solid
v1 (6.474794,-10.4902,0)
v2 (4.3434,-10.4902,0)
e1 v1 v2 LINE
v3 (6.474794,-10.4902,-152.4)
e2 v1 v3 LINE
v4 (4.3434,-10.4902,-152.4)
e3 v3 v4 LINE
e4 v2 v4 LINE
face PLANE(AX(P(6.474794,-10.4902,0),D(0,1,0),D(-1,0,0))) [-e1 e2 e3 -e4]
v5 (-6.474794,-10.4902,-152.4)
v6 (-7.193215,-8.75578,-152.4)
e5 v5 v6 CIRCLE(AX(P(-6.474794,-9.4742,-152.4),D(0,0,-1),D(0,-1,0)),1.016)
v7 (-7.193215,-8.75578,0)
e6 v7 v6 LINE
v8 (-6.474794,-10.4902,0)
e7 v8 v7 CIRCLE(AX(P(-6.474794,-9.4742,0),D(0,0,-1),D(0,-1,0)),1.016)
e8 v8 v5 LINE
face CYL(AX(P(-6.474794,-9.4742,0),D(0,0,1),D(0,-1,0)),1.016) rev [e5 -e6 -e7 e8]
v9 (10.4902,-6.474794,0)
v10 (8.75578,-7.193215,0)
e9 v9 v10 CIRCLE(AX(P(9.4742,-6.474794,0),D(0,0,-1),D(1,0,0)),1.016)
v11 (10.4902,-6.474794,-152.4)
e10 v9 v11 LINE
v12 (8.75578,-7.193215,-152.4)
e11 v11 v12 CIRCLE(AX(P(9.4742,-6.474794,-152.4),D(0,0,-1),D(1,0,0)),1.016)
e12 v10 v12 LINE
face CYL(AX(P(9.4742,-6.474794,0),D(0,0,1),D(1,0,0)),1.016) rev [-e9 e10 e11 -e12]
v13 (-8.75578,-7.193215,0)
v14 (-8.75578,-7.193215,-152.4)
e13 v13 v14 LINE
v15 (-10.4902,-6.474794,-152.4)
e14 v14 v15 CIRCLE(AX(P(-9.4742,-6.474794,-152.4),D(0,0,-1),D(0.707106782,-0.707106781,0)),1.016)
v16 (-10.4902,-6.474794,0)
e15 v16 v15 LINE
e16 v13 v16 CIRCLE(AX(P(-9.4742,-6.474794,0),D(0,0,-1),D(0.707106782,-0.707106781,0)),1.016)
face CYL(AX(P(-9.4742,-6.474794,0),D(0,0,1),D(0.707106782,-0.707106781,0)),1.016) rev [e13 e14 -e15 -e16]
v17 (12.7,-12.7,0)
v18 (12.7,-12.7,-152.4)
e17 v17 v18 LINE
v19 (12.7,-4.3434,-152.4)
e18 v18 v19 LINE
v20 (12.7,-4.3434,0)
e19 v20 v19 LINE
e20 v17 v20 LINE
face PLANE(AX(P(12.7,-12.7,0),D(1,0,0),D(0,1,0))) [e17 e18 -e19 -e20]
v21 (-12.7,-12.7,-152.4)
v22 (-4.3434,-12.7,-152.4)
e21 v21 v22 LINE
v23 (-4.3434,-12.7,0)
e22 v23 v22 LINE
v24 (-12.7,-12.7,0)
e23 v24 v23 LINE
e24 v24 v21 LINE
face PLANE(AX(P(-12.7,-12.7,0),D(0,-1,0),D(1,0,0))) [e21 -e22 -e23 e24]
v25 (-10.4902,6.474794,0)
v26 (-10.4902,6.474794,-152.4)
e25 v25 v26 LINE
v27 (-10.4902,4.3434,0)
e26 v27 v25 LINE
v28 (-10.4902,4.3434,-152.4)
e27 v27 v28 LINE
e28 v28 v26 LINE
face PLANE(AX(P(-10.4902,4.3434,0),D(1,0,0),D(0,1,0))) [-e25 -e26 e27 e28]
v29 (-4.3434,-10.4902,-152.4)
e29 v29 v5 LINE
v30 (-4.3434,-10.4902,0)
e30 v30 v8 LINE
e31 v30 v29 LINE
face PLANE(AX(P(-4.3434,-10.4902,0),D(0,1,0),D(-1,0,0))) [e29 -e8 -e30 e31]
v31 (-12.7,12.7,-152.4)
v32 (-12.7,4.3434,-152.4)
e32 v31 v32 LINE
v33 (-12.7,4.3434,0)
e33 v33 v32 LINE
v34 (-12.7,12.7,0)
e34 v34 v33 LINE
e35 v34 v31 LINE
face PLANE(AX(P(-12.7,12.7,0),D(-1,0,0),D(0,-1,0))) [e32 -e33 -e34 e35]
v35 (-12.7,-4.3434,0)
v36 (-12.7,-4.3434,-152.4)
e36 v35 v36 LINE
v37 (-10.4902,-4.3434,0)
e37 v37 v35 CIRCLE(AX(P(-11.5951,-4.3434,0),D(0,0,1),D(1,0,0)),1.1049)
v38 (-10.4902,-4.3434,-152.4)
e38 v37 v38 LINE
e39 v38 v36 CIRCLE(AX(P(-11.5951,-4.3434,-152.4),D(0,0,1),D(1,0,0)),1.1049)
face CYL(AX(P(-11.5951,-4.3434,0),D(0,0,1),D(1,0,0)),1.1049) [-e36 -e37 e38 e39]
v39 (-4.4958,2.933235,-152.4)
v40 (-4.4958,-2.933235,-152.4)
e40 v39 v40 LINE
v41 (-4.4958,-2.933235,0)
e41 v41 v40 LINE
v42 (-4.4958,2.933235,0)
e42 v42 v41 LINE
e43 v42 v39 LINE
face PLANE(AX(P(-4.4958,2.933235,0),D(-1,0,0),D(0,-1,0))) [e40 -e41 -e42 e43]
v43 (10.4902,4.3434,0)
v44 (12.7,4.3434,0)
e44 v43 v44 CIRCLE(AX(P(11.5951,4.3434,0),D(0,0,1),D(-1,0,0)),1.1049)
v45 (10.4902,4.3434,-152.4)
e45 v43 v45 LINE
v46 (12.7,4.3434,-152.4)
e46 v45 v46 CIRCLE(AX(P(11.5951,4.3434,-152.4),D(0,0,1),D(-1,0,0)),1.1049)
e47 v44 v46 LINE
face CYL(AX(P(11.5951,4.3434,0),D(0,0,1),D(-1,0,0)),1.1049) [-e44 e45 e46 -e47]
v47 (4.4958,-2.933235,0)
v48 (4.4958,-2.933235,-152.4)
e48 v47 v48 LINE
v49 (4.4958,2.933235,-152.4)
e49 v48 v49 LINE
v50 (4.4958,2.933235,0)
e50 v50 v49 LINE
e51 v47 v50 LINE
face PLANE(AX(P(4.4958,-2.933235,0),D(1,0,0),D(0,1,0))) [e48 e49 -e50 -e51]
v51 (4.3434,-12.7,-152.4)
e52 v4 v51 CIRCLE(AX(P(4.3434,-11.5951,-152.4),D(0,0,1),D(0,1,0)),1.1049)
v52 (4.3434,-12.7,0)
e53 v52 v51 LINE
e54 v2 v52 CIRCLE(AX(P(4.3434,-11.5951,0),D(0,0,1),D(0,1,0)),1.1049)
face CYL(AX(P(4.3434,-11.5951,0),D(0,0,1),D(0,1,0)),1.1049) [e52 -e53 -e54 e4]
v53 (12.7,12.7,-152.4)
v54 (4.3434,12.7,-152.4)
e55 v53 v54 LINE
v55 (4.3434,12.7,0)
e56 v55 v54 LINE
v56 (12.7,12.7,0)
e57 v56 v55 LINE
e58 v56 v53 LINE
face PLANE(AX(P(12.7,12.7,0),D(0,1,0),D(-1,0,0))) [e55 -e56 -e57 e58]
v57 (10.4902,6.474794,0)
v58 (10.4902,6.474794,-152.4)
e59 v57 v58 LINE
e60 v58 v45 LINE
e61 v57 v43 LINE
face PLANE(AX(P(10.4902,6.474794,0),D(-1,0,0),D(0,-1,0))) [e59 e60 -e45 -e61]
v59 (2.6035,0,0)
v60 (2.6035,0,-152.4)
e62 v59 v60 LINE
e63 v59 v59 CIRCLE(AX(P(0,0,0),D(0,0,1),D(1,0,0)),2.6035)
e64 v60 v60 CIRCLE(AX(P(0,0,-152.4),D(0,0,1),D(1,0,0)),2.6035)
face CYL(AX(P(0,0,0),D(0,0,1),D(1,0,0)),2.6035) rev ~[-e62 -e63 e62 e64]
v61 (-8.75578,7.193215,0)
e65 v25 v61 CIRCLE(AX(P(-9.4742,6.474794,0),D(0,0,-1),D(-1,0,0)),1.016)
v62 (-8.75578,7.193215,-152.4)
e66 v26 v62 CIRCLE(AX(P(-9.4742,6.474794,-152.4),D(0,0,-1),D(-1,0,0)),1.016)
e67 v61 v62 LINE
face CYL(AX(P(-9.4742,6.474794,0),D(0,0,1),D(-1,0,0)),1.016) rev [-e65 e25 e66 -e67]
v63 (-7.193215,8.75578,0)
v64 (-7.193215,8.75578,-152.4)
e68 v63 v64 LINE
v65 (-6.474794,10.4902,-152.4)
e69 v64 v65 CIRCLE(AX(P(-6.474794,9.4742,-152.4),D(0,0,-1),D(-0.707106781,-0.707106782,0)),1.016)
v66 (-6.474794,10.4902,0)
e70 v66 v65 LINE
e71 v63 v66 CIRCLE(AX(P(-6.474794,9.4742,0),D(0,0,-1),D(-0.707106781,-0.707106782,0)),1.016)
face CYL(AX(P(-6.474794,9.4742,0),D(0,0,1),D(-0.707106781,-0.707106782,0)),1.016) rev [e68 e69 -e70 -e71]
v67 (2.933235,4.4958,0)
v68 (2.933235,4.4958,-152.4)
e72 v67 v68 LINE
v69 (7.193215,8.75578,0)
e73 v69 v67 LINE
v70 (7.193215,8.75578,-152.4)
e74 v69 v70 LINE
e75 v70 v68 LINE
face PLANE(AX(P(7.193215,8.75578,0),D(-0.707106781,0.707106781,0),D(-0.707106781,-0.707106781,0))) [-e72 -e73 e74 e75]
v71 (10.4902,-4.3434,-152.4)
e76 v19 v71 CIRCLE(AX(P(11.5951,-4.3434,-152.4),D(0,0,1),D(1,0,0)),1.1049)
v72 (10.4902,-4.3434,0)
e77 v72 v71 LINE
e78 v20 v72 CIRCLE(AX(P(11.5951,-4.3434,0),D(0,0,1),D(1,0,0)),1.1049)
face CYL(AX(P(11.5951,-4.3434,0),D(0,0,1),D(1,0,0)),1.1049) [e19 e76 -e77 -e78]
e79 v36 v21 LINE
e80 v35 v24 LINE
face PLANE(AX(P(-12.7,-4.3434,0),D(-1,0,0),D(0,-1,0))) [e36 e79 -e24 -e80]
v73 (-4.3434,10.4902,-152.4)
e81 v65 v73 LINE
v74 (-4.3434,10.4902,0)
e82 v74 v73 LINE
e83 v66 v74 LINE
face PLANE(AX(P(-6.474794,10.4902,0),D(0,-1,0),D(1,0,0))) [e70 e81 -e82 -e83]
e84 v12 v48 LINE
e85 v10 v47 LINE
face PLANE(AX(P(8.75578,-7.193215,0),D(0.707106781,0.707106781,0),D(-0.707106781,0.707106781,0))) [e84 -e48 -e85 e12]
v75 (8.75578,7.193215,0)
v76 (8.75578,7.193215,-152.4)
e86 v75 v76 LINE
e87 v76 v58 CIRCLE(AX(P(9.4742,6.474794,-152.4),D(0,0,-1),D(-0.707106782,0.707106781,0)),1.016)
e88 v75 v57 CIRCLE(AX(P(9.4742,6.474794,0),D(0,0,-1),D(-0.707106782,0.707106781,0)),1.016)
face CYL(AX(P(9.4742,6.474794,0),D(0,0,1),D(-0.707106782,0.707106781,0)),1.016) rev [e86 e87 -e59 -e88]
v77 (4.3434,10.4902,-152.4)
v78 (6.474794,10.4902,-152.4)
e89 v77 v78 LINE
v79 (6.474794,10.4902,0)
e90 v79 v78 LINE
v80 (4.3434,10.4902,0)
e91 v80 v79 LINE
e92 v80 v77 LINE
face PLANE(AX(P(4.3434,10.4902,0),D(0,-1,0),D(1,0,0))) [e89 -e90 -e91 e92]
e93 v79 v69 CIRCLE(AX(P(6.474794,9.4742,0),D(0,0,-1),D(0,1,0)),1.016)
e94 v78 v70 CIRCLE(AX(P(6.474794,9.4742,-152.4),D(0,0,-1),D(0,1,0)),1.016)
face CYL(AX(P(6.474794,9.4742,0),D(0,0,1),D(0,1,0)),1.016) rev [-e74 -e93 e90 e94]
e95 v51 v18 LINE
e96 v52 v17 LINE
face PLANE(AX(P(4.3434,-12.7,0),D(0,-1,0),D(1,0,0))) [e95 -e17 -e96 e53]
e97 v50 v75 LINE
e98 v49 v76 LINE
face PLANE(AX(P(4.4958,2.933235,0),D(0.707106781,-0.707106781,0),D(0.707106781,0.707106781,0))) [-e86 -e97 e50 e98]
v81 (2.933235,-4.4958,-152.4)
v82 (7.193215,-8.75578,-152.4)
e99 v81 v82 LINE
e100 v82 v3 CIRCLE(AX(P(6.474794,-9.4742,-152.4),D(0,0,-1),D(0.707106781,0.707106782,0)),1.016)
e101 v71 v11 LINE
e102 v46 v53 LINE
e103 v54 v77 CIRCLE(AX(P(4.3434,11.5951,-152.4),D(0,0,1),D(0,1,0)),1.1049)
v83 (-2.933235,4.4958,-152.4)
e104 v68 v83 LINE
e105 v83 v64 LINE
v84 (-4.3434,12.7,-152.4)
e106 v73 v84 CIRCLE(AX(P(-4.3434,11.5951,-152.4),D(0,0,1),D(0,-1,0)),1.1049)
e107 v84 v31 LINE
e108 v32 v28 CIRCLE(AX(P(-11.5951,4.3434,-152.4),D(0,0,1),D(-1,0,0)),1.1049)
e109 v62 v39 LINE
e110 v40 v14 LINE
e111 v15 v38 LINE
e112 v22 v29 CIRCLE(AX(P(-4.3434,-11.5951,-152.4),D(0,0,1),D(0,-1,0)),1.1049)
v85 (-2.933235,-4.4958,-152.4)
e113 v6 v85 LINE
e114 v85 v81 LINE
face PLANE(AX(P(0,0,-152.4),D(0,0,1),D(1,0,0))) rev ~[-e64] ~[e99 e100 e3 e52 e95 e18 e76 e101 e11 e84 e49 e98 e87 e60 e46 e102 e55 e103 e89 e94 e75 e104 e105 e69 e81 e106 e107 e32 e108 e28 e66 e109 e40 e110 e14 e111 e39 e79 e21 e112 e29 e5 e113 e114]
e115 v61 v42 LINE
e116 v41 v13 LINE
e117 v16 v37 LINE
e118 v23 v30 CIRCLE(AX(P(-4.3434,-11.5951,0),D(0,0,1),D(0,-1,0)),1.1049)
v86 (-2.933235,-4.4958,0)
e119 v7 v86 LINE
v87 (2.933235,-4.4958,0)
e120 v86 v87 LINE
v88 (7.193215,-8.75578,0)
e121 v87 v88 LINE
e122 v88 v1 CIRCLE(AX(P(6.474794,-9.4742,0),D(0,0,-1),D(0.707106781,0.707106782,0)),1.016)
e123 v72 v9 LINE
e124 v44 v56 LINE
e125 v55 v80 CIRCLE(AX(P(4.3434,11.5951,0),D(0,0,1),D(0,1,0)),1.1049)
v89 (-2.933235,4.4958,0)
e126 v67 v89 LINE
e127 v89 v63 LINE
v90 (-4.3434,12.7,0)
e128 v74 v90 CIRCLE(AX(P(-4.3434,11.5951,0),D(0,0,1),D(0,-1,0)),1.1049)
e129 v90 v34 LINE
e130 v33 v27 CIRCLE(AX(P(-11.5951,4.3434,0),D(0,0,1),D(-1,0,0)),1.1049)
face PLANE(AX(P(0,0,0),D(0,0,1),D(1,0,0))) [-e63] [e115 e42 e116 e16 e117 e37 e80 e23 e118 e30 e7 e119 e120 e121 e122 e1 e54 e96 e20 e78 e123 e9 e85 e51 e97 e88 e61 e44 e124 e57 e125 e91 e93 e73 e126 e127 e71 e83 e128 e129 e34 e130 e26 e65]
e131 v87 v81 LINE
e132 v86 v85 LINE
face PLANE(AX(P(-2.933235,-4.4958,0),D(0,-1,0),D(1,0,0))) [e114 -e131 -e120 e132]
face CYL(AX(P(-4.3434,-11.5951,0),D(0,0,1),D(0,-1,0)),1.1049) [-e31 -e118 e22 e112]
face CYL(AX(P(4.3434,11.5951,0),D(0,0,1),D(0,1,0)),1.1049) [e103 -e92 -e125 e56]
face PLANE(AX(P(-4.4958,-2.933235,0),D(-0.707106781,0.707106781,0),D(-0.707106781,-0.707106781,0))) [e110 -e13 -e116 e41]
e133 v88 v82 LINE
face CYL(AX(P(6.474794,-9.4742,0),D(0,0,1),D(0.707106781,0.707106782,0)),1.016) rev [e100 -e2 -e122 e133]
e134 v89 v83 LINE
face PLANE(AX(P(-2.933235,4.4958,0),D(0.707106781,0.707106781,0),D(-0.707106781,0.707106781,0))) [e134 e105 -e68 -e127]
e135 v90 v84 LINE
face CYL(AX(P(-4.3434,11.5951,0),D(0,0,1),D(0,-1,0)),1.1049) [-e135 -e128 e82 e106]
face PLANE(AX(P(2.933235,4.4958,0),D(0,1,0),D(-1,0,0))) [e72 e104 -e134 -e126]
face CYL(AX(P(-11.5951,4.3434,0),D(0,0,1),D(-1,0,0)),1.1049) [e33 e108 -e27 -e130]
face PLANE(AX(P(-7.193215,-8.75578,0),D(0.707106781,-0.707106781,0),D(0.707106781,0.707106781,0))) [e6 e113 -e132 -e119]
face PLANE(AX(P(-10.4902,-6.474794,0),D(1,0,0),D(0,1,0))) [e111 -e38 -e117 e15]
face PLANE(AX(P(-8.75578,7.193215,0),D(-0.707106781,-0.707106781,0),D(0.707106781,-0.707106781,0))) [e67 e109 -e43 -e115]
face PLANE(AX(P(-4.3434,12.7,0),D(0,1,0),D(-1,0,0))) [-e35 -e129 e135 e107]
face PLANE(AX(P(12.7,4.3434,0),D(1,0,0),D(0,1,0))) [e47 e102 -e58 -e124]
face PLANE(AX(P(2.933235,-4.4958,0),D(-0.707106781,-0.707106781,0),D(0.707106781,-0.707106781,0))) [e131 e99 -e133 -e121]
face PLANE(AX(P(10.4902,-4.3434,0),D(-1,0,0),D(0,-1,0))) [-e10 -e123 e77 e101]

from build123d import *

# Parameters (mm, degrees)
SKETCH1_R           = 2.6035
BOSS_EXTRUDE1_DEPTH = 152.4


with BuildPart() as part:
    # Sketch1 → Boss-Extrude1 (new body)
    with BuildSketch(Plane.XY):
        with BuildLine():
            Line((-12.7, -12.7), (-4.343399971, -12.7))
            ThreePointArc((-4.343399971, -12.7), (-3.238499971, -11.5951), (-4.343399971, -10.4902))
            Line((-4.343399971, -10.4902), (-6.474794456, -10.4902))
            ThreePointArc((-6.474794456, -10.4902), (-7.413456061, -9.863006367), (-7.193214945, -8.75577951))
            Line((-7.193214945, -8.75577951), (-2.933235435, -4.4958))
            Line((-2.933235435, -4.4958), (2.933235435, -4.4958))
            Line((2.933235435, -4.4958), (7.193214945, -8.75577951))
            ThreePointArc((7.193214945, -8.75577951), (7.413456061, -9.863006367), (6.474794456, -10.4902))
            Line((6.474794456, -10.4902), (4.3434, -10.4902))
            ThreePointArc((4.3434, -10.4902), (3.2385, -11.5951), (4.3434, -12.7))
            Line((4.3434, -12.7), (12.7, -12.7))
            Line((12.7, -12.7), (12.7, -4.343399971))
            ThreePointArc((12.7, -4.343399971), (11.5951, -3.238499971), (10.4902, -4.343399971))
            Line((10.4902, -4.343399971), (10.4902, -6.474794456))
            ThreePointArc((10.4902, -6.474794456), (9.863006367, -7.413456061), (8.75577951, -7.193214945))
            Line((8.75577951, -7.193214945), (4.4958, -2.933235435))
            Line((4.4958, -2.933235435), (4.4958, 2.933235435))
            Line((4.4958, 2.933235435), (8.75577951, 7.193214945))
            ThreePointArc((8.75577951, 7.193214945), (9.863006367, 7.413456061), (10.4902, 6.474794456))
            Line((10.4902, 6.474794456), (10.4902, 4.3434))
            ThreePointArc((10.4902, 4.3434), (11.5951, 3.2385), (12.7, 4.3434))
            Line((12.7, 4.3434), (12.7, 12.7))
            Line((12.7, 12.7), (4.343399971, 12.7))
            ThreePointArc((4.343399971, 12.7), (3.238499971, 11.5951), (4.343399971, 10.4902))
            Line((4.343399971, 10.4902), (6.474794456, 10.4902))
            ThreePointArc((6.474794456, 10.4902), (7.413456061, 9.863006367), (7.193214945, 8.75577951))
            Line((7.193214945, 8.75577951), (2.933235435, 4.4958))
            Line((2.933235435, 4.4958), (-2.933235435, 4.4958))
            Line((-2.933235435, 4.4958), (-7.193214945, 8.75577951))
            ThreePointArc((-7.193214945, 8.75577951), (-7.413456061, 9.863006367), (-6.474794456, 10.4902))
            Line((-6.474794456, 10.4902), (-4.3434, 10.4902))
            ThreePointArc((-4.3434, 10.4902), (-3.2385, 11.5951), (-4.3434, 12.7))
            Line((-4.3434, 12.7), (-12.7, 12.7))
            Line((-12.7, 12.7), (-12.7, 4.343399971))
            ThreePointArc((-12.7, 4.343399971), (-11.5951, 3.238499971), (-10.4902, 4.343399971))
            Line((-10.4902, 4.343399971), (-10.4902, 6.474794456))
            ThreePointArc((-10.4902, 6.474794456), (-9.863006367, 7.413456061), (-8.75577951, 7.193214945))
            Line((-8.75577951, 7.193214945), (-4.4958, 2.933235435))
            Line((-4.4958, 2.933235435), (-4.4958, -2.933235435))
            Line((-4.4958, -2.933235435), (-8.75577951, -7.193214945))
            ThreePointArc((-8.75577951, -7.193214945), (-9.863006367, -7.413456061), (-10.4902, -6.474794456))
            Line((-10.4902, -6.474794456), (-10.4902, -4.3434))
            ThreePointArc((-10.4902, -4.3434), (-11.5951, -3.2385), (-12.7, -4.3434))
            Line((-12.7, -4.3434), (-12.7, -12.7))
        make_face()
        Circle(SKETCH1_R, mode=Mode.SUBTRACT)
    extrude(amount=-BOSS_EXTRUDE1_DEPTH)


solid = part.part
